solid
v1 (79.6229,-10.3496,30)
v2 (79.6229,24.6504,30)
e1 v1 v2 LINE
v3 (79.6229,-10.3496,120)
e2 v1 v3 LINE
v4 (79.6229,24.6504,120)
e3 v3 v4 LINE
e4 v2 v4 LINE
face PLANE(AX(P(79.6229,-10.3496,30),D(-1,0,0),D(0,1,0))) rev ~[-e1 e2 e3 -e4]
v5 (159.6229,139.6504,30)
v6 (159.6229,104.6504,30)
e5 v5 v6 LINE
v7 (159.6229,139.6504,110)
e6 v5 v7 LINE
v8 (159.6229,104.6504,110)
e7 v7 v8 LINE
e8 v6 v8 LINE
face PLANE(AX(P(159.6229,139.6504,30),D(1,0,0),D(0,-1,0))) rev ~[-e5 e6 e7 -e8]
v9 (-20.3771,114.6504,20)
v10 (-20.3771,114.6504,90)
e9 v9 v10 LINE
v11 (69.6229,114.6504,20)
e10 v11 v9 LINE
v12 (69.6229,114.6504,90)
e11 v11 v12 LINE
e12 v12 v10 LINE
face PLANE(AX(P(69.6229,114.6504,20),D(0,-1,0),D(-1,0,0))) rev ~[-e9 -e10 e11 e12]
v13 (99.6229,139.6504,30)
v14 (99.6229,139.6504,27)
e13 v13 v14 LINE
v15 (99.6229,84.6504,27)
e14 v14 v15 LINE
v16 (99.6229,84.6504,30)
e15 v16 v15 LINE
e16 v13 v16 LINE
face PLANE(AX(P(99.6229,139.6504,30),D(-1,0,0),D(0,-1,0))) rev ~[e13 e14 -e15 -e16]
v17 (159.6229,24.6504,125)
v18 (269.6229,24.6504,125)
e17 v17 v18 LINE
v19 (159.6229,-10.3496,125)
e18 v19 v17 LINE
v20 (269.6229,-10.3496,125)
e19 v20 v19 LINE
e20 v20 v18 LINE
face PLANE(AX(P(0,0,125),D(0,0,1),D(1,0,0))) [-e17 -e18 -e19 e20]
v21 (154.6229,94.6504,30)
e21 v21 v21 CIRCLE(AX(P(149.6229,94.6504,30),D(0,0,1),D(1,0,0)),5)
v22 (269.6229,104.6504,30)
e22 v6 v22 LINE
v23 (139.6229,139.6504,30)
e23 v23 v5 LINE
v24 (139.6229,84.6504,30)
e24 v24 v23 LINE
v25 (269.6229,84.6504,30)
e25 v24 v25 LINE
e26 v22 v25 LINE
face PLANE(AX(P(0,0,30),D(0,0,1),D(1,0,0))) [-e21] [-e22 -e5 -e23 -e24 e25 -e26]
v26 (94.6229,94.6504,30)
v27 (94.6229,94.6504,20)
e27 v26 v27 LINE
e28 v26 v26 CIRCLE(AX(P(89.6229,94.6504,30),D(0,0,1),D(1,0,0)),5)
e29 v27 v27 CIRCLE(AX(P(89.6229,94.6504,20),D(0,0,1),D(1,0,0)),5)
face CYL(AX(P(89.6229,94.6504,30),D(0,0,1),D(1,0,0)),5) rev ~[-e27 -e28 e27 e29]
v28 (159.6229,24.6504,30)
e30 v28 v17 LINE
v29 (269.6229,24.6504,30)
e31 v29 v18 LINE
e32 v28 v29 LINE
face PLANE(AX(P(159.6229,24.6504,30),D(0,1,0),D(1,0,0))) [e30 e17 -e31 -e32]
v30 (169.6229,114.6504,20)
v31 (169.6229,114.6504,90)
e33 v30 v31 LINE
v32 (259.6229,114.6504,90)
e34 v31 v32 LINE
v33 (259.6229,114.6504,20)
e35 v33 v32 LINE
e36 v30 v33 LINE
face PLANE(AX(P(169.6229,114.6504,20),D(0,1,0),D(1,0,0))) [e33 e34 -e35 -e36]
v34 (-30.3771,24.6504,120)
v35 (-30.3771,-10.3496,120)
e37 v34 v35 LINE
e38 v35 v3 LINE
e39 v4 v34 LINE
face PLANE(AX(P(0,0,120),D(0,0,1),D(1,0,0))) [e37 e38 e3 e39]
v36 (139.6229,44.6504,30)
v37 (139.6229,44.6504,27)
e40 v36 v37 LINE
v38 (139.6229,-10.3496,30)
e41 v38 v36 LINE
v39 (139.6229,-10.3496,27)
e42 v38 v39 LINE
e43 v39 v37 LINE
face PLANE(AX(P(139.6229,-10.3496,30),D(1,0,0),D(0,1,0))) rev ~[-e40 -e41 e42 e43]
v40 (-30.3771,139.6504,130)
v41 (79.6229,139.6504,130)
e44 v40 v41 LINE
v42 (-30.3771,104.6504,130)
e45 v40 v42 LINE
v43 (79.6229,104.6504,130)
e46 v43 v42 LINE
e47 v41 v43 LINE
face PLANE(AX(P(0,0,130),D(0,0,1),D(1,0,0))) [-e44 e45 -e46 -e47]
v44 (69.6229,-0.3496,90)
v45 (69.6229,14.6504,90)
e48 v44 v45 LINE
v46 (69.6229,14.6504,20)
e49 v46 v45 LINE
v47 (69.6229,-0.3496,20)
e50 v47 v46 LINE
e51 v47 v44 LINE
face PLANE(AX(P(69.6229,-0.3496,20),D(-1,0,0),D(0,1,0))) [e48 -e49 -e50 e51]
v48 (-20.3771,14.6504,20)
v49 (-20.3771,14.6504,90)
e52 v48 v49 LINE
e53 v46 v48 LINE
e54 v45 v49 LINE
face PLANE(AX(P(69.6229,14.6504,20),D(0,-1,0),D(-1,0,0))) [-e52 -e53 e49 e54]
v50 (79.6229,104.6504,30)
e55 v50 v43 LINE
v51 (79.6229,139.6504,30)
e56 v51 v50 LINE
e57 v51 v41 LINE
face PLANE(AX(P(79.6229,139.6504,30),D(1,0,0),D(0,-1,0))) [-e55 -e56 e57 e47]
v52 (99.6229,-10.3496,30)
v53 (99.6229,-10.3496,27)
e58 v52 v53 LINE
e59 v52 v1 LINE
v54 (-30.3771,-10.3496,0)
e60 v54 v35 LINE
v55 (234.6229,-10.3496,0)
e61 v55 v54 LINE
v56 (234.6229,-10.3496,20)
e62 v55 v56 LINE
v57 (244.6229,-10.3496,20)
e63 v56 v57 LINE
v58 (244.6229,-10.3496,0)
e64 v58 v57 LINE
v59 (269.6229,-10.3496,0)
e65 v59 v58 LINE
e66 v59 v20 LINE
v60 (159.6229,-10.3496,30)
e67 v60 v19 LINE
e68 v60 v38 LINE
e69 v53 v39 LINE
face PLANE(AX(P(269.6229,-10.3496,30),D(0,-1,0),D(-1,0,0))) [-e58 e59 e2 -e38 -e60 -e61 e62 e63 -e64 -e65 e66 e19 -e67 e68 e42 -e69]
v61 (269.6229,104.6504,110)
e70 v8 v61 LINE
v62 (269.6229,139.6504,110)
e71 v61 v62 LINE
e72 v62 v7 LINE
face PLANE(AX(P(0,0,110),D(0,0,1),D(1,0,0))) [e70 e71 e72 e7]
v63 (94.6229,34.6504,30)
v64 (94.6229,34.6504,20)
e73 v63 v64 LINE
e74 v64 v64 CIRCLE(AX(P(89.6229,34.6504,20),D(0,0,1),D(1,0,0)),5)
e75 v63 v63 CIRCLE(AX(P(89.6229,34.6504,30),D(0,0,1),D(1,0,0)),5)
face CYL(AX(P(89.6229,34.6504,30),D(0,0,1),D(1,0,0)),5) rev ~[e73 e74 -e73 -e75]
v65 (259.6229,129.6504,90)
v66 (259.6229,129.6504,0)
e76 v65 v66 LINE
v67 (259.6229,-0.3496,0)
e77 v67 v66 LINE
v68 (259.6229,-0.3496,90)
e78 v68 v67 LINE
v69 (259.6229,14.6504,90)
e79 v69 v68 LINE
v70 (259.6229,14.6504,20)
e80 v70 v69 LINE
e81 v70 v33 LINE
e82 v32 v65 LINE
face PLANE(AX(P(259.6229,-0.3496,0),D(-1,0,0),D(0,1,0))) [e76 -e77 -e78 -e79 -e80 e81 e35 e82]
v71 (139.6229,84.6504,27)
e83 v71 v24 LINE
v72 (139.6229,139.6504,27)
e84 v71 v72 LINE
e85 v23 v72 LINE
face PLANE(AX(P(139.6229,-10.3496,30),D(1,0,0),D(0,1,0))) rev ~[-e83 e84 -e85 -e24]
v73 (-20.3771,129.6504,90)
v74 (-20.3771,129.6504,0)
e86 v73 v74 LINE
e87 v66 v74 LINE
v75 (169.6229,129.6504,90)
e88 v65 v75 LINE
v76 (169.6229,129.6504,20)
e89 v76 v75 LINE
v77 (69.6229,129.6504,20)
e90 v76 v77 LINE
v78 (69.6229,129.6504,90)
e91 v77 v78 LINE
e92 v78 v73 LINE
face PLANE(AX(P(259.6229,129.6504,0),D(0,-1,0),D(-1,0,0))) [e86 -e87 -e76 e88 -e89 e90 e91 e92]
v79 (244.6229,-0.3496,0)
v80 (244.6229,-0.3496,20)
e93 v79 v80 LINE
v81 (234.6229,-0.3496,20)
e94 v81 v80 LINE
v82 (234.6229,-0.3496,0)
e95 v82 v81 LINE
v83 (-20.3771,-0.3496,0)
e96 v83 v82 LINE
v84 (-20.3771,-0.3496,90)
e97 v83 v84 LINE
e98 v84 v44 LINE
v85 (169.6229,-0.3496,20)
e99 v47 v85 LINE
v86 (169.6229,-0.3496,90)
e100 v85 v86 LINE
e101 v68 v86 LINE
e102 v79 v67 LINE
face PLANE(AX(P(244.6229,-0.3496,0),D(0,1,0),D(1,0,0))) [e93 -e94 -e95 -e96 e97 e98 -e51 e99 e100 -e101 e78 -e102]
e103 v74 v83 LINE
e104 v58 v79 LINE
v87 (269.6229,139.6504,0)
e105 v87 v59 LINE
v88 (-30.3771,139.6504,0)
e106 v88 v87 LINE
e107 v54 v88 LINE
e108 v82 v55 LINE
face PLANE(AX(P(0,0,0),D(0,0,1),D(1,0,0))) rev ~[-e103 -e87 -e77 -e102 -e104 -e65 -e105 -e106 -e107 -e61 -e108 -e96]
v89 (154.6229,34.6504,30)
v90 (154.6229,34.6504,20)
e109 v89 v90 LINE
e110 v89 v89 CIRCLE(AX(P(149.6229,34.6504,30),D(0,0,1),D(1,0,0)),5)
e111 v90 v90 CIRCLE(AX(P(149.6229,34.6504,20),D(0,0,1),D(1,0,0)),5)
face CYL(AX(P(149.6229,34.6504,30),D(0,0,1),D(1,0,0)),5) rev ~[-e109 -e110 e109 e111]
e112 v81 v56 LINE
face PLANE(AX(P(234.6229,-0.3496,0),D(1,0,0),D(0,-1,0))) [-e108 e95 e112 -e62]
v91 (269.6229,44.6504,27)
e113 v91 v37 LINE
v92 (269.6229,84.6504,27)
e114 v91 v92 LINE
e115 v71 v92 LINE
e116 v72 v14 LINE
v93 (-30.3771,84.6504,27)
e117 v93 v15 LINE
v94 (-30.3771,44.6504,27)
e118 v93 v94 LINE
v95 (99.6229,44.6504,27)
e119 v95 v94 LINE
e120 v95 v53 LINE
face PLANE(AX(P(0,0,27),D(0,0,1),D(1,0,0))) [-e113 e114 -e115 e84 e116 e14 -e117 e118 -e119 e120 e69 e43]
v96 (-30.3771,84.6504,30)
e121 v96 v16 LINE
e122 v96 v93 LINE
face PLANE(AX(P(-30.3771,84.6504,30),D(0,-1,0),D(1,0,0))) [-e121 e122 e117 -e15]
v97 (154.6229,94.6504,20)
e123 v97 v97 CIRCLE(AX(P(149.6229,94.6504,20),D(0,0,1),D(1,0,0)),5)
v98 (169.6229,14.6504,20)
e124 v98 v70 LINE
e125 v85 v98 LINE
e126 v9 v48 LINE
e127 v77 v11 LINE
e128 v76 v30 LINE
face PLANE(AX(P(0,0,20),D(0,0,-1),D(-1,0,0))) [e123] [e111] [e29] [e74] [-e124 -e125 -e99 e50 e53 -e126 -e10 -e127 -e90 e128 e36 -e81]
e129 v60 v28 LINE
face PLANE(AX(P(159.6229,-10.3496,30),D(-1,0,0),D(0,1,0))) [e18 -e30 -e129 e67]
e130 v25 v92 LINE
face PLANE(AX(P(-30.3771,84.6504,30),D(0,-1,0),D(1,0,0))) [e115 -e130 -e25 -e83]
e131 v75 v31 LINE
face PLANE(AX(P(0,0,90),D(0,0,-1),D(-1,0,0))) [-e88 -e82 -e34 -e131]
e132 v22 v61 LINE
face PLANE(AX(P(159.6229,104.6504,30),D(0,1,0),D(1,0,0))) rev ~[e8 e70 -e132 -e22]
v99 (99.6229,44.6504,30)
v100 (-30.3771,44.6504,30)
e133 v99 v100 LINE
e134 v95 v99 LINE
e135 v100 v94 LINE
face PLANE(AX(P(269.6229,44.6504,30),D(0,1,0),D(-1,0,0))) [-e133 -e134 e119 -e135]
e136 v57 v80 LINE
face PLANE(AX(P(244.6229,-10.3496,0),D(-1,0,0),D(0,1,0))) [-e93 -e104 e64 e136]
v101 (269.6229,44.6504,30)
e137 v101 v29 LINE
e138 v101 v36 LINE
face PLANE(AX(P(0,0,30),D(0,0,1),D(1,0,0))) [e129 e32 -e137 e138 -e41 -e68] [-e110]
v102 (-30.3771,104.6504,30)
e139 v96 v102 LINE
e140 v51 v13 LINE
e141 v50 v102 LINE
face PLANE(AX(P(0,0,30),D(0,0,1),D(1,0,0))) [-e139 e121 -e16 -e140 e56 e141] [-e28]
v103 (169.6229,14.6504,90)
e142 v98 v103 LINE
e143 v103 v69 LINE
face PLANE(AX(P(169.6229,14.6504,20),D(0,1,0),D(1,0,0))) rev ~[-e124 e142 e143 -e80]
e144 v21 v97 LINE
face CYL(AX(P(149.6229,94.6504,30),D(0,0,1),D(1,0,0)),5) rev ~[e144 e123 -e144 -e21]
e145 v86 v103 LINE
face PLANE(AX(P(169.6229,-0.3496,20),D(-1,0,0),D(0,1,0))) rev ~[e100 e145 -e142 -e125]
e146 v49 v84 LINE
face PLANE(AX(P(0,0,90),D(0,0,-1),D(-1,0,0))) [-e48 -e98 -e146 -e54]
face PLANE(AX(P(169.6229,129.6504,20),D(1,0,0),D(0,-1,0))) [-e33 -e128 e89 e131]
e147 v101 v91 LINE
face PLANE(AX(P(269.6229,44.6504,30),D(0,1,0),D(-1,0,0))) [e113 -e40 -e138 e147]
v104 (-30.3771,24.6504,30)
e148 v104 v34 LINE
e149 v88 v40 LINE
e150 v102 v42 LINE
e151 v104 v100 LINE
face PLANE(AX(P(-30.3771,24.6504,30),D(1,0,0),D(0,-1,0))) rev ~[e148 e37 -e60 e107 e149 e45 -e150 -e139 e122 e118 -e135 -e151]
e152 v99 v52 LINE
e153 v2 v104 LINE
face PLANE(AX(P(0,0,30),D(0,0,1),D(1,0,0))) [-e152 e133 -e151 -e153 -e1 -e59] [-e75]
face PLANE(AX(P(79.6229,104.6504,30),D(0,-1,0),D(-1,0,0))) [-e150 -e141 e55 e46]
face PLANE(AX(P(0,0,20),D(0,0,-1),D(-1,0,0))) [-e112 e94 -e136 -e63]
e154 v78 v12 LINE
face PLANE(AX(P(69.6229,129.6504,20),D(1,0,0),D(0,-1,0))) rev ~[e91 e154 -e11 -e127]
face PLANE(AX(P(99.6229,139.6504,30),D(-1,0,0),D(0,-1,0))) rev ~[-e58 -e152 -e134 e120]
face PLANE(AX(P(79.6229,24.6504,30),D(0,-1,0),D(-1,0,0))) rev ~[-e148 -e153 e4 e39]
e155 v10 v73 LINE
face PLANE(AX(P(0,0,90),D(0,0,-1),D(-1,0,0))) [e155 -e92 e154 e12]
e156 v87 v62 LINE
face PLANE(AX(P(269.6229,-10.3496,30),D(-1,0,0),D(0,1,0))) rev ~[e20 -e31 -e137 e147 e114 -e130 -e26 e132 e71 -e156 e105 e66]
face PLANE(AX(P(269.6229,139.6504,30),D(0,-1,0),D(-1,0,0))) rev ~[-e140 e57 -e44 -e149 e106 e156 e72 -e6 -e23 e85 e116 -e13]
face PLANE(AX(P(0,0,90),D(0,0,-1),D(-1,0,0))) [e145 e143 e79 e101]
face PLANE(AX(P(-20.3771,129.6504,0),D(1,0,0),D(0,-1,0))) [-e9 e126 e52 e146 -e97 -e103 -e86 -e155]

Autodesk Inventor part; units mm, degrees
ref_plane "YZ Plane" through (0, 0, 0) normal (1, 0, 0) x (0, 1, 0)
ref_plane "XZ Plane" through (0, 0, 0) normal (0, 1, 0) x (-1, 0, 0)
ref_plane "XY Plane" through (0, 0, 0) normal (0, 0, 1) x (1, 0, 0)
sketch "Skizze2" plane through (0, 0, 0) normal (0, 0, 1) x (1, 0, 0)
  line L0 (-30.3771, 139.6504) -> (269.6229, 139.6504)
  line L1 (269.6229, 139.6504) -> (269.6229, -10.3496)
  line L2 (269.6229, -10.3496) -> (-30.3771, -10.3496)
  line L3 (-30.3771, -10.3496) -> (-30.3771, 139.6504)
  point P0 (0, 0)
  dimension "d4" = 300
  dimension "d5" = 150
extrude "Extrusion2" add sketch "Skizze2" along normal blind 30
sketch "Skizze3" plane through (0, 0, 30) normal (0, 0, 1) x (1, 0, 0)
  line L0 (-30.3771, 139.6504) -> (-30.3771, -10.3496) projected
  line L1 (269.6229, -10.3496) -> (269.6229, 139.6504) projected
  line L2 (-30.3771, 84.6504) -> (269.6229, 84.6504)
  line L3 (269.6229, 84.6504) -> (269.6229, 44.6504)
  line L4 (269.6229, 44.6504) -> (-30.3771, 44.6504)
  line L5 (-30.3771, 44.6504) -> (-30.3771, 84.6504)
  line L6 (269.6229, 139.6504) -> (-30.3771, 139.6504) projected
  point P0 (0, 0)
  dimension "d8" = 40
  dimension "d9" = 55
extrude "Extrusion3" cut sketch "Skizze3" against normal blind 3 contours L2 L1 L4 L0
sketch "Skizze5" plane through (0, 0, 30) normal (0, 0, 1) x (1, 0, 0)
  line L0 (-30.3771, -10.3496) -> (269.6229, -10.3496) projected
  line L1 (269.6229, 139.6504) -> (-30.3771, 139.6504) projected
  line L2 (99.6229, -10.3496) -> (139.6229, -10.3496)
  line L3 (139.6229, -10.3496) -> (139.6229, 139.6504)
  line L4 (139.6229, 139.6504) -> (99.6229, 139.6504)
  line L5 (99.6229, 139.6504) -> (99.6229, -10.3496)
  line L6 (-30.3771, 139.6504) -> (-30.3771, 84.6504) projected
  point P0 (0, 0)
  dimension "d15" = 40
  dimension "d16" = 130
extrude "Extrusion4" cut sketch "Skizze5" against normal blind 3
sketch "Skizze6" plane through (0, 0, 30) normal (0, 0, 1) x (1, 0, 0)
  line L0 (-30.3771, 139.6504) -> (-30.3771, -10.3496) projected
  line L1 (-30.3771, 139.6504) -> (79.6229, 139.6504)
  line L2 (79.6229, 139.6504) -> (79.6229, 104.6504)
  line L3 (79.6229, 104.6504) -> (-30.3771, 104.6504)
  line L4 (-30.3771, 104.6504) -> (-30.3771, 139.6504)
  line L5 (269.6229, 139.6504) -> (139.6229, 139.6504) projected
  line L6 (269.6229, 139.6504) -> (159.6229, 139.6504)
  line L7 (159.6229, 139.6504) -> (159.6229, 104.6504)
  line L8 (159.6229, 104.6504) -> (269.6229, 104.6504)
  line L9 (269.6229, 104.6504) -> (269.6229, 139.6504)
  line L10 (269.6229, -10.3496) -> (269.6229, 44.6504) projected
  line L11 (269.6229, -10.3496) -> (159.6229, -10.3496)
  line L12 (159.6229, -10.3496) -> (159.6229, 24.6504)
  line L13 (159.6229, 24.6504) -> (269.6229, 24.6504)
  line L14 (269.6229, 24.6504) -> (269.6229, -10.3496)
  line L15 (-30.3771, -10.3496) -> (79.6229, -10.3496)
  line L16 (79.6229, -10.3496) -> (79.6229, 24.6504)
  line L17 (79.6229, 24.6504) -> (-30.3771, 24.6504)
  line L18 (-30.3771, 24.6504) -> (-30.3771, -10.3496)
  point P0 (0, 0)
  dimension "d19" = 110
  dimension "d20" = 35
  dimension "d21" = 110
  dimension "d22" = 35
  dimension "d23" = 110
  dimension "d24" = 35
  dimension "d25" = 110
  dimension "d26" = 35
extrude "Extrusion5" add sketch "Skizze6" along normal blind 100 contours L1 L2 L3 L0
sketch "Skizze7" plane through (0, 0, 0) normal (0, 0, -1) x (-1, 0, 0)
  line L0 (20.3771, -0.3496) -> (-259.6229, -0.3496)
  line L1 (-259.6229, -0.3496) -> (-259.6229, 129.6504)
  line L2 (-259.6229, 129.6504) -> (20.3771, 129.6504)
  line L3 (20.3771, 129.6504) -> (20.3771, -0.3496)
  line L4 (30.3771, -10.3496) -> (-269.6229, -10.3496) projected
  line L5 (30.3771, 139.6504) -> (30.3771, -10.3496) projected
  line L6 (-234.6229, -10.3496) -> (-244.6229, -10.3496)
  line L7 (-244.6229, -10.3496) -> (-244.6229, -0.3496)
  line L8 (-244.6229, -0.3496) -> (-234.6229, -0.3496)
  line L9 (-234.6229, -0.3496) -> (-234.6229, -10.3496)
  line L10 (-269.6229, -10.3496) -> (-269.6229, 139.6504) projected
  point P0 (0, 0)
  point P1 (-239.6229, -10.3496)
  point P2 (-244.6229, -5.3496)
  dimension "d29" = 280
  dimension "d30" = 130
  dimension "d31" = 10
  dimension "d32" = 10
  dimension "d33" = 10
  dimension "d34" = 10
  dimension "d36" = 0
  dimension "d37" = 25
extrude "Extrusion6" cut sketch "Skizze7" against normal blind 20
sketch "Skizze8" plane through (0, 0, 30) normal (0, 0, 1) x (1, 0, 0)
  circle A0 centre (89.6229, 94.6504) radius 5
  line L0 (-30.3771, 84.6504) -> (99.6229, 84.6504) projected
  line L1 (99.6229, 84.6504) -> (99.6229, 139.6504) projected
  circle A1 centre (89.6229, 34.6504) radius 5
  line L2 (99.6229, 44.6504) -> (-30.3771, 44.6504) projected
  line L3 (99.6229, -10.3496) -> (99.6229, 44.6504) projected
  circle A2 centre (149.6229, 34.6504) radius 5
  line L4 (139.6229, 44.6504) -> (139.6229, -10.3496) projected
  circle A3 centre (149.6229, 94.6504) radius 5
  line L5 (139.6229, 139.6504) -> (139.6229, 84.6504) projected
  point P0 (0, 0)
  dimension "d40" = 10
  dimension "d41" = 10
  dimension "d42" = 10
  dimension "d43" = 10
  dimension "d44" = 10
  dimension "d45" = 10
  dimension "d46" = 10
  dimension "d47" = 10
  dimension "d48" = 10
  dimension "d49" = 10
extrude "Extrusion7" cut sketch "Skizze8" against normal through all
extrude "Extrusion8" add sketch "Skizze6" along normal blind 80 contours L9 L8 L7 L5
extrude "Extrusion9" add sketch "Skizze6" along normal blind 90 contours L17 L16 L15 L0
extrude "Extrusion10" add sketch "Skizze6" along normal blind 95 contours L11 L12 L13 L10
sketch "Skizze12" plane through (0, 0, 20) normal (0, 0, -1) x (-1, 0, 0)
  line L0 (-259.6229, 129.6504) -> (20.3771, 129.6504) projected
  line L1 (20.3771, 129.6504) -> (-69.6229, 129.6504)
  line L2 (-69.6229, 129.6504) -> (-69.6229, 114.6504)
  line L3 (-69.6229, 114.6504) -> (20.3771, 114.6504)
  line L4 (20.3771, 114.6504) -> (20.3771, 129.6504)
  line L5 (20.3771, -0.3496) -> (-234.6229, -0.3496) projected
  line L6 (20.3771, -0.3496) -> (-69.6229, -0.3496)
  line L7 (-69.6229, -0.3496) -> (-69.6229, 14.6504)
  line L8 (-69.6229, 14.6504) -> (20.3771, 14.6504)
  line L9 (20.3771, 14.6504) -> (20.3771, -0.3496)
  line L10 (-259.6229, 129.6504) -> (-169.6229, 129.6504)
  line L11 (-169.6229, 129.6504) -> (-169.6229, 114.6504)
  line L12 (-169.6229, 114.6504) -> (-259.6229, 114.6504)
  line L13 (-259.6229, 114.6504) -> (-259.6229, 129.6504)
  line L14 (-259.6229, -0.3496) -> (-169.6229, -0.3496)
  line L15 (-169.6229, -0.3496) -> (-169.6229, 14.6504)
  line L16 (-169.6229, 14.6504) -> (-259.6229, 14.6504)
  line L17 (-259.6229, 14.6504) -> (-259.6229, -0.3496)
  point P0 (0, 0)
  dimension "d58" = 90
  dimension "d59" = 15
  dimension "d60" = 90
  dimension "d61" = 15
  dimension "d62" = 90
  dimension "d63" = 15
  dimension "d64" = 90
  dimension "d65" = 15
extrude "Extrusion11" cut sketch "Skizze12" against normal blind 70
